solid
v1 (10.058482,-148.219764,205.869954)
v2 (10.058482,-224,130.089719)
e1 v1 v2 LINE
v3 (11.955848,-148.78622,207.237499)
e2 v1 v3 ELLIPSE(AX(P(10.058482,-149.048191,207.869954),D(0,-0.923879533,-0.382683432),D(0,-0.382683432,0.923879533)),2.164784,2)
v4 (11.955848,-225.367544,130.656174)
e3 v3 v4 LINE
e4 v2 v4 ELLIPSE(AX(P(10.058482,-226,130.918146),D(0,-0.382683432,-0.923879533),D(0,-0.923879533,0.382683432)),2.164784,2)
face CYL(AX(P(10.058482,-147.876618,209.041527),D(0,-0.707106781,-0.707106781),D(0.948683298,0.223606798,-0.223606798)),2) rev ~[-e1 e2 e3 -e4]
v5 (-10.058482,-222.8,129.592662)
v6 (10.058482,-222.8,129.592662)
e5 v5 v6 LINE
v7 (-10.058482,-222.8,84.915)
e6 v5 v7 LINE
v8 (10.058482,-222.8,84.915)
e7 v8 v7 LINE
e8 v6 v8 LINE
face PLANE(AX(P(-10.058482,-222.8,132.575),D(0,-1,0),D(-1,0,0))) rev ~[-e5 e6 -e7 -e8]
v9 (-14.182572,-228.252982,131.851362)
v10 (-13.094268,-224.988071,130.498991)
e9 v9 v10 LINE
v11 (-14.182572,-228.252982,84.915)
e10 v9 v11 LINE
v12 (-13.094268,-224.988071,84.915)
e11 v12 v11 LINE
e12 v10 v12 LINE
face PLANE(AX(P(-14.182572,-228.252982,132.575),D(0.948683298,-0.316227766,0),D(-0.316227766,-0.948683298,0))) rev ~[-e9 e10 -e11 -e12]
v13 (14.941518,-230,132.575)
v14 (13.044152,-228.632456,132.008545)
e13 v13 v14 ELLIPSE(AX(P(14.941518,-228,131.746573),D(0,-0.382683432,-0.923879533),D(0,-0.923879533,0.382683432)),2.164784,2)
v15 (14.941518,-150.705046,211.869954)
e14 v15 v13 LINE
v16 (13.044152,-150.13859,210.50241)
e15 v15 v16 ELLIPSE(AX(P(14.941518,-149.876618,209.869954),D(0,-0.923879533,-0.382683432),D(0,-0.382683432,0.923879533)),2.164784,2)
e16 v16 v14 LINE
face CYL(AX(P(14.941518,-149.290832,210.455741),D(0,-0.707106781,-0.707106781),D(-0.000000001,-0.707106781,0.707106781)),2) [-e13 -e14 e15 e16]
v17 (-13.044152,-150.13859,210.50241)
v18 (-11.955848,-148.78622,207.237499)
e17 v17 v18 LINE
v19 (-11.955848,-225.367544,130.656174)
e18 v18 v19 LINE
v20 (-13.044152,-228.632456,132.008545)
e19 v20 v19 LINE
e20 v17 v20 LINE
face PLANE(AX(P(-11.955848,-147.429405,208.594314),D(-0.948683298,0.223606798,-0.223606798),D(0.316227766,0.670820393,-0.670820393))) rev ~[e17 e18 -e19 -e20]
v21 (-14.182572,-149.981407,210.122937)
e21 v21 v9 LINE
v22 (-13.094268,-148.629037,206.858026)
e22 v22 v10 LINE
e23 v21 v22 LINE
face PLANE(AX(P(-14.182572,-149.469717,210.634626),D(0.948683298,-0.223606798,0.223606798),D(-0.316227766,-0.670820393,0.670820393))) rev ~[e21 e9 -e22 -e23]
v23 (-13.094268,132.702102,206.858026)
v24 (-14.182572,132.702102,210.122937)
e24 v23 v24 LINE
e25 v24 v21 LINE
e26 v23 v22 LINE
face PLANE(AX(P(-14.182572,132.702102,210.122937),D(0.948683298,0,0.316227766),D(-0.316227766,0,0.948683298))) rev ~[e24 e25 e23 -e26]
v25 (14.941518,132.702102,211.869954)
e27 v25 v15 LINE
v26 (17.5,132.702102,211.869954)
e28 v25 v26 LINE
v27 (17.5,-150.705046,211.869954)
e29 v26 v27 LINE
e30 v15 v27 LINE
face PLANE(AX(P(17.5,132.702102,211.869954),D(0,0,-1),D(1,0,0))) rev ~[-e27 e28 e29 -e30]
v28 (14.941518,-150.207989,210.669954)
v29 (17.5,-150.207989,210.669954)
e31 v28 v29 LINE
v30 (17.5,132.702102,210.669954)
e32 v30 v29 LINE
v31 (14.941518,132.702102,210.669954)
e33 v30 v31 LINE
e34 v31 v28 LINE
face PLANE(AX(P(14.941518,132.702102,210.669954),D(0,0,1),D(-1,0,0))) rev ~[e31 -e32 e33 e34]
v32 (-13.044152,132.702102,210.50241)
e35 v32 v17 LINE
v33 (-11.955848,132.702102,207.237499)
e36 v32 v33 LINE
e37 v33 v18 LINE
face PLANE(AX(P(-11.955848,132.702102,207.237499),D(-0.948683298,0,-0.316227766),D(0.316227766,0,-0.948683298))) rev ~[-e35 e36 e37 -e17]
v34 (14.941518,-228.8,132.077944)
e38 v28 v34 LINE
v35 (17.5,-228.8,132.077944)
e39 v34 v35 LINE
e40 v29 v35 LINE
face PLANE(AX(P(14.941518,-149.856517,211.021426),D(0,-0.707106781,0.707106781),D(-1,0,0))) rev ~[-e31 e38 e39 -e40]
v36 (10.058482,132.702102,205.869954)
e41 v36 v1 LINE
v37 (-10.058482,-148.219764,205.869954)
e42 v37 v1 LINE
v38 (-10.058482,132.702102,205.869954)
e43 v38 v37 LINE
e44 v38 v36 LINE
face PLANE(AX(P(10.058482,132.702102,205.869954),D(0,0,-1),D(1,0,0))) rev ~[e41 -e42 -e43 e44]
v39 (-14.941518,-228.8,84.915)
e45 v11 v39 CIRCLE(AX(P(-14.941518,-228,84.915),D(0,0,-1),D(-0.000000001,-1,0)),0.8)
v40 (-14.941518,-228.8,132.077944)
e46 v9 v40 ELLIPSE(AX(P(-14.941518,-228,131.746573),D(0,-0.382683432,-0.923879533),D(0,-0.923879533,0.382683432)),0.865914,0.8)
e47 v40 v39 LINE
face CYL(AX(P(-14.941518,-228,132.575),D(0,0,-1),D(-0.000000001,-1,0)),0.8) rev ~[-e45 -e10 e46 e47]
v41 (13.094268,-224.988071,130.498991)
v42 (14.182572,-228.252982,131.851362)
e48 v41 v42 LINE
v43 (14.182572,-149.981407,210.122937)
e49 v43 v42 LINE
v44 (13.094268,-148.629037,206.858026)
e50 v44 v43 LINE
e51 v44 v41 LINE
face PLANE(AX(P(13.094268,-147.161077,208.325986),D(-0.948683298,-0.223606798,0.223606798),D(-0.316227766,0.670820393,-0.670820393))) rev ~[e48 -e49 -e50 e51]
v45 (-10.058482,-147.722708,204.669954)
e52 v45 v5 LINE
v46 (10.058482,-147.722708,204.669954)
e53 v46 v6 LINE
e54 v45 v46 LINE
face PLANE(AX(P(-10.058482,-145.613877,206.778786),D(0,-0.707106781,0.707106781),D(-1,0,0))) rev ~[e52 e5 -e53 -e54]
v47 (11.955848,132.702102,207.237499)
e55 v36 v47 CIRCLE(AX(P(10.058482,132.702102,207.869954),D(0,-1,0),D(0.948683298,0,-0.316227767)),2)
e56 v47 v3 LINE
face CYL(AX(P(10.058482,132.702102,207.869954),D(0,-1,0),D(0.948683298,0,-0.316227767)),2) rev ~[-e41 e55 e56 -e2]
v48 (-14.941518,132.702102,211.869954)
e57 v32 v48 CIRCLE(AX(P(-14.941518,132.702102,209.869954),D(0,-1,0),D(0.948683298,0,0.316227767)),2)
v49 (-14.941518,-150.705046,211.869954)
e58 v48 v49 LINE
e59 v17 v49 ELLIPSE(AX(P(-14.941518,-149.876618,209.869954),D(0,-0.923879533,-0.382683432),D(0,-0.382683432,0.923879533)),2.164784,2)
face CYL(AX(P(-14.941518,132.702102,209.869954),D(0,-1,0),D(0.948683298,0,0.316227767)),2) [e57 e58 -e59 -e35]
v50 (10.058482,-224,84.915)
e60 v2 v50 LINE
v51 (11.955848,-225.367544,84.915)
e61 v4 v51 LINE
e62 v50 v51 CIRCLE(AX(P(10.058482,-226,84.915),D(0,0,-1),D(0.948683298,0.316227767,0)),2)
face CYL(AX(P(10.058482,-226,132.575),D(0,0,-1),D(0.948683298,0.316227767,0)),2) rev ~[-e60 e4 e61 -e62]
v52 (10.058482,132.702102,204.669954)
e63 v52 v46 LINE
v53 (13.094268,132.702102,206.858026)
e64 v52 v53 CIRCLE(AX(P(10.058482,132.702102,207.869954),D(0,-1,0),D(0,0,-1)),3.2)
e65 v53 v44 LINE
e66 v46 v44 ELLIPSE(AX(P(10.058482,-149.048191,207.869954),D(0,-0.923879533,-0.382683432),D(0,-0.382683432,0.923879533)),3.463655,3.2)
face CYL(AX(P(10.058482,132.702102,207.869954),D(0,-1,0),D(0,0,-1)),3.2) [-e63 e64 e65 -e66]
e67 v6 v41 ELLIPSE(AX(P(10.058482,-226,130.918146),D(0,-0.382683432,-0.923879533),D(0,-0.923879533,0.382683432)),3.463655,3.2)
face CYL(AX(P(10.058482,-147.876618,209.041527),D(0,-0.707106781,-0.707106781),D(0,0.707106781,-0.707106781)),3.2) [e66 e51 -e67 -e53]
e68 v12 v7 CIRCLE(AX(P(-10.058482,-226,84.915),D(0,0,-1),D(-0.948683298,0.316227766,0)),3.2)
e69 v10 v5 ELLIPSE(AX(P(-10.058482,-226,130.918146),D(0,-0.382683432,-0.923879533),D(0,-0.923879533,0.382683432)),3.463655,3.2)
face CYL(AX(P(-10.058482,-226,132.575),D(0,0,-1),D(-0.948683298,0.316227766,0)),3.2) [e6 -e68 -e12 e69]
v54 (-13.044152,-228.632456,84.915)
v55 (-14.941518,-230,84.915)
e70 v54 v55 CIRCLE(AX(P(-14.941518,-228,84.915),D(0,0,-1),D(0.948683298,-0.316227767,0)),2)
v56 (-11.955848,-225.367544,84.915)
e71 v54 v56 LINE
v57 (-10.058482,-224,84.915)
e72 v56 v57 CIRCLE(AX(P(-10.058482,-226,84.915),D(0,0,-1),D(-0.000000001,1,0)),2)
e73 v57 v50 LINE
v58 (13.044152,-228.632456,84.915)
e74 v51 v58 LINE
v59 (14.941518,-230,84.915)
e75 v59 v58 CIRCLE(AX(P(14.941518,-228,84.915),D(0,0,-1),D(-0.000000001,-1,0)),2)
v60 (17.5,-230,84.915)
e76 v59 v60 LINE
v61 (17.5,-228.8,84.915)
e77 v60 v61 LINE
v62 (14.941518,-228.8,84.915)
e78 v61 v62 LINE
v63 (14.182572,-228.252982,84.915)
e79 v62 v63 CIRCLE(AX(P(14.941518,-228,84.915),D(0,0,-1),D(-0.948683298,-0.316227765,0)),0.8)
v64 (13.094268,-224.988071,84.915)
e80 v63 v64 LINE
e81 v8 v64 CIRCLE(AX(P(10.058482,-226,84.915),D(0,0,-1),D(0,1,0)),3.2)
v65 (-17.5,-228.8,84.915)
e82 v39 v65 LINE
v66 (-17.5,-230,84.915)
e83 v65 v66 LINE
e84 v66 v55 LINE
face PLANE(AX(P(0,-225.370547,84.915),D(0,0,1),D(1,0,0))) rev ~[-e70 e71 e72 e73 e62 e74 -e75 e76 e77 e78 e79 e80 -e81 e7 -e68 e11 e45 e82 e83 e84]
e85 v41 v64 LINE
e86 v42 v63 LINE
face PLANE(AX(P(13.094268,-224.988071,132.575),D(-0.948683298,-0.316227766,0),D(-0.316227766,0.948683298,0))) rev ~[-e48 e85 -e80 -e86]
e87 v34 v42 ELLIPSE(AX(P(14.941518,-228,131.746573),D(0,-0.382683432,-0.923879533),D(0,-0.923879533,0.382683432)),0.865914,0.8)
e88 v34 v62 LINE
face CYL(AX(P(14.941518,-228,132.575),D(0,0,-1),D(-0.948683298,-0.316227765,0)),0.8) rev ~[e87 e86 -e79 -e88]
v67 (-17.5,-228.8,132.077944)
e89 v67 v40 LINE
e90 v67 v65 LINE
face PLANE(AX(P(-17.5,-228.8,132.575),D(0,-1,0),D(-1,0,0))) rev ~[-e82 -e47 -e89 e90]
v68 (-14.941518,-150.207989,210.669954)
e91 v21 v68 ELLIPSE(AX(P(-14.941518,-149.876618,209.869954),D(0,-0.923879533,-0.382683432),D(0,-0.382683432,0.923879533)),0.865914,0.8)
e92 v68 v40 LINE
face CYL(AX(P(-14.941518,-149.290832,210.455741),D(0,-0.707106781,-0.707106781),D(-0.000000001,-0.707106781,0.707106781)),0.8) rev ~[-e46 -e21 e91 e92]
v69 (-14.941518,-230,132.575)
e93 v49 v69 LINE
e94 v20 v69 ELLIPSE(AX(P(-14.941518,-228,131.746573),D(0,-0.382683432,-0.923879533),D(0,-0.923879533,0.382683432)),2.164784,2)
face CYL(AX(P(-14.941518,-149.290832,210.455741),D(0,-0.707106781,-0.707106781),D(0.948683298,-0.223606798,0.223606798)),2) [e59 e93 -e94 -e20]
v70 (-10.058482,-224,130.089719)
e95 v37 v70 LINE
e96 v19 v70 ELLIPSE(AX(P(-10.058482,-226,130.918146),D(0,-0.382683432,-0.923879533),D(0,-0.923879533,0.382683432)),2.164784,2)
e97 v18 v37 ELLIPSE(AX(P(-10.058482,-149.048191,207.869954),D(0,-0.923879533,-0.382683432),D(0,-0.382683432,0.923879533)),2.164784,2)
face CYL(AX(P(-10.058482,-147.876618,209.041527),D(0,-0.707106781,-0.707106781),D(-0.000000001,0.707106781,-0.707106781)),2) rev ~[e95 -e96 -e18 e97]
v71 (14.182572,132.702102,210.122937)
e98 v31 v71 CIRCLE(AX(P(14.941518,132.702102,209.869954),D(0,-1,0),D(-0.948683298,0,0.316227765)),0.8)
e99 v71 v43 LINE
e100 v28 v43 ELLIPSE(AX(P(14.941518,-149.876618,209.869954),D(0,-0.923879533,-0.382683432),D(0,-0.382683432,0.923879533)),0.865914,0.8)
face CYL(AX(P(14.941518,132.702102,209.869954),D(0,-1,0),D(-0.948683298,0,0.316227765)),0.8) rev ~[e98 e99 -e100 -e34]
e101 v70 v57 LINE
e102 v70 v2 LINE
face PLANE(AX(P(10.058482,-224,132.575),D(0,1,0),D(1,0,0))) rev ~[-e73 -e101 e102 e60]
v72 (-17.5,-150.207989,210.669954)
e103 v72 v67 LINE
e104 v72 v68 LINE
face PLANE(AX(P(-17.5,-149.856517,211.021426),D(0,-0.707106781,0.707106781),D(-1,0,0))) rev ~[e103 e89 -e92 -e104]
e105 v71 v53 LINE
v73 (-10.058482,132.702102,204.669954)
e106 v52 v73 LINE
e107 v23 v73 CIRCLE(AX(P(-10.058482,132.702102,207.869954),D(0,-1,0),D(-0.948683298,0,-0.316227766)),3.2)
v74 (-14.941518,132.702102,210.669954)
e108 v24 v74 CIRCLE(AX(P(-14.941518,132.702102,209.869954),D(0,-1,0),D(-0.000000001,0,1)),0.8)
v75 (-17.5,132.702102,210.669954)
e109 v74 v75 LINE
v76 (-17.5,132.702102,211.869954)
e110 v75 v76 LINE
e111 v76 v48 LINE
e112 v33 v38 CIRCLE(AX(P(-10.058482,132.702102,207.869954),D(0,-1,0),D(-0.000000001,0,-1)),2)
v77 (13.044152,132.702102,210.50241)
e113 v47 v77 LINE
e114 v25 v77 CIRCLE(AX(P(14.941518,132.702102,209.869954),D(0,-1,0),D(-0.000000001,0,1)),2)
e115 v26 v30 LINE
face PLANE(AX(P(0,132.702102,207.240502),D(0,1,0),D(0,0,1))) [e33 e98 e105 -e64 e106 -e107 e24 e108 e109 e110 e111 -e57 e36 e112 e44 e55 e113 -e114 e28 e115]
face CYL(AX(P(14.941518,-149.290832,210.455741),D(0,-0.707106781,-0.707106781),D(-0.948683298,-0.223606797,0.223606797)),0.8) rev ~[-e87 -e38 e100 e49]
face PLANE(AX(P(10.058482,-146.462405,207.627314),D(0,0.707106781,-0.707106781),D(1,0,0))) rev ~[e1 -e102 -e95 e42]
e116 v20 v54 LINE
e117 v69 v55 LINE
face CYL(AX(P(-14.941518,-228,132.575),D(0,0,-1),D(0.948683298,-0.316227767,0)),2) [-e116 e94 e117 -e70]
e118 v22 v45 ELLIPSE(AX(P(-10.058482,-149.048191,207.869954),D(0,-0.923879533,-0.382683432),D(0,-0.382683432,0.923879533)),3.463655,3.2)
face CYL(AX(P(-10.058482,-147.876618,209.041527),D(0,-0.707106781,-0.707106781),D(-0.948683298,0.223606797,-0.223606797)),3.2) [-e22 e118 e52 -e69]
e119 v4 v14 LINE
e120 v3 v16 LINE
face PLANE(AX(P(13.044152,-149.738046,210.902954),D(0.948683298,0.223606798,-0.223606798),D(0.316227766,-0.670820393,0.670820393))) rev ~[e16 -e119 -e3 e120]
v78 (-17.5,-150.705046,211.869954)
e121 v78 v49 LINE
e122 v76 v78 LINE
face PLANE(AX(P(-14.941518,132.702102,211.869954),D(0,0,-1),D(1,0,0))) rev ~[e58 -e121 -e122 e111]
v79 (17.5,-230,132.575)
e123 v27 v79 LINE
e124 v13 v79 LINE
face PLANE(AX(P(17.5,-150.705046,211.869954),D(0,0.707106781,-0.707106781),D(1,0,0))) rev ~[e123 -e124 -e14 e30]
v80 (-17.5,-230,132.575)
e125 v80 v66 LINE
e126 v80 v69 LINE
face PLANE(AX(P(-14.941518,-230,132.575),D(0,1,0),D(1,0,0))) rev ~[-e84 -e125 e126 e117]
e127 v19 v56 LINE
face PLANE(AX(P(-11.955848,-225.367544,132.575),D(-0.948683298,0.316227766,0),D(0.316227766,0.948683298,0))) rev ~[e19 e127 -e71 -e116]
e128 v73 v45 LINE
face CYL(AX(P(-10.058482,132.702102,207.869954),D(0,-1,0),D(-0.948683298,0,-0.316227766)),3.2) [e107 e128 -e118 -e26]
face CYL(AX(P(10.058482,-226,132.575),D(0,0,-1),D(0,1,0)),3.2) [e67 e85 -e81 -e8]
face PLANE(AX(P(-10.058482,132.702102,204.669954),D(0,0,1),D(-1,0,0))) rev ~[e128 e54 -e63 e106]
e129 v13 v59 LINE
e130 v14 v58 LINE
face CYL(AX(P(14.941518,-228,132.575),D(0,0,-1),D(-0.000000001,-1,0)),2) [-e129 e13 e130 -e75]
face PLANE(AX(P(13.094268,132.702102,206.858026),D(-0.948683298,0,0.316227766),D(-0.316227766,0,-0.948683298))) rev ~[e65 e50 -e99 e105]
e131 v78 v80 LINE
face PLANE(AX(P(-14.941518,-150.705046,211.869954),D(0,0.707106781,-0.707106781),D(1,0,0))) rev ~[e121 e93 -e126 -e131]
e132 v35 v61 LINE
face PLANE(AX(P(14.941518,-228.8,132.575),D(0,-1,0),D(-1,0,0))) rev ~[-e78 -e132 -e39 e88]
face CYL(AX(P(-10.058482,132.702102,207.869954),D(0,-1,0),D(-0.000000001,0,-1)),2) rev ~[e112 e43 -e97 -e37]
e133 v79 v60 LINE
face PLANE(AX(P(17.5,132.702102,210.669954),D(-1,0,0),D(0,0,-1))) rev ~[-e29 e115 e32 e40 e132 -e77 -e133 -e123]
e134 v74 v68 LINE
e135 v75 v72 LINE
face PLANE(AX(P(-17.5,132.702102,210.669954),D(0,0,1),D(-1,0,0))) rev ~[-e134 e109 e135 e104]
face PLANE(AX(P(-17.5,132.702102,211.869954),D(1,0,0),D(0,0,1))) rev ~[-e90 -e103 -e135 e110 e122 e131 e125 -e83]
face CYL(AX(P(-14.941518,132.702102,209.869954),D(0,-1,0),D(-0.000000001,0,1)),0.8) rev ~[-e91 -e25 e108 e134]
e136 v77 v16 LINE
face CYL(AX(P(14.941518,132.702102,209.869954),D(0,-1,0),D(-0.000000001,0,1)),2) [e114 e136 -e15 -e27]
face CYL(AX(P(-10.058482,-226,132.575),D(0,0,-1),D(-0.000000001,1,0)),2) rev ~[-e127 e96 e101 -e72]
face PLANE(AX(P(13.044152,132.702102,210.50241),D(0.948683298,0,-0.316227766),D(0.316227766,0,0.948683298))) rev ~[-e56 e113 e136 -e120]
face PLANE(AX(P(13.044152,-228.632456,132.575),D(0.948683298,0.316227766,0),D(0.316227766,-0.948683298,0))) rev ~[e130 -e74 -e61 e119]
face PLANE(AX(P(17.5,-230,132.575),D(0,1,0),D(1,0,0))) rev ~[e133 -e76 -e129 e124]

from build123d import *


with BuildPart() as part:
    # 扫描1: sweep along a path in 草图1
    with BuildLine(Plane(origin=(0, 0, 0), x_dir=(0, 0, -1), z_dir=(1, 0, 0))) as sweep_1_path:
        Line((-211.869954442, 132.702101833), (-211.869954442, -150.705045558))
        Line((-211.869954442, -150.705045558), (-132.575, -230))
        Line((-132.575, -230), (-84.915, -230))
    # 草图2 → 扫描1 (sweep)
    with BuildSketch(Plane(origin=(0, 132.702101833, 211.869954442), x_dir=(1, 0, 0), z_dir=(0, 1, 0))):
        with BuildLine():
            Line((17.5, 0), (14.94151844, 0))
            ThreePointArc((14.94151844, 0), (13.772097871, 0.37751563), (13.044151844, 1.367544468))
            Line((13.044151844, 1.367544468), (11.955848156, 4.632455532))
            ThreePointArc((11.955848156, 4.632455532), (11.227902129, 5.62248437), (10.05848156, 6))
            Line((10.05848156, 6), (-10.05848156, 6))
            ThreePointArc((-10.05848156, 6), (-11.227902129, 5.62248437), (-11.955848156, 4.632455532))
            Line((-11.955848156, 4.632455532), (-13.044151844, 1.367544468))
            ThreePointArc((-13.044151844, 1.367544468), (-13.772097871, 0.37751563), (-14.94151844, 0))
            Line((-14.94151844, 0), (-17.5, 0))
            Line((-17.5, 0), (-17.5, 1.2))
            Line((-17.5, 1.2), (-14.94151844, 1.2))
            ThreePointArc((-14.94151844, 1.2), (-14.473750212, 1.351006252), (-14.182571802, 1.747017787))
            Line((-14.182571802, 1.747017787), (-13.094268114, 5.011928851))
            ThreePointArc((-13.094268114, 5.011928851), (-11.929554471, 6.595974993), (-10.05848156, 7.2))
            Line((-10.05848156, 7.2), (10.05848156, 7.2))
            ThreePointArc((10.05848156, 7.2), (11.929554471, 6.595974993), (13.094268114, 5.011928851))
            Line((13.094268114, 5.011928851), (14.182571802, 1.747017787))
            ThreePointArc((14.182571802, 1.747017787), (14.473750212, 1.351006252), (14.94151844, 1.2))
            Line((14.94151844, 1.2), (17.5, 1.2))
            Line((17.5, 1.2), (17.5, 0))
        make_face()
    sweep(path=sweep_1_path.line, transition=Transition.RIGHT)


solid = part.part
